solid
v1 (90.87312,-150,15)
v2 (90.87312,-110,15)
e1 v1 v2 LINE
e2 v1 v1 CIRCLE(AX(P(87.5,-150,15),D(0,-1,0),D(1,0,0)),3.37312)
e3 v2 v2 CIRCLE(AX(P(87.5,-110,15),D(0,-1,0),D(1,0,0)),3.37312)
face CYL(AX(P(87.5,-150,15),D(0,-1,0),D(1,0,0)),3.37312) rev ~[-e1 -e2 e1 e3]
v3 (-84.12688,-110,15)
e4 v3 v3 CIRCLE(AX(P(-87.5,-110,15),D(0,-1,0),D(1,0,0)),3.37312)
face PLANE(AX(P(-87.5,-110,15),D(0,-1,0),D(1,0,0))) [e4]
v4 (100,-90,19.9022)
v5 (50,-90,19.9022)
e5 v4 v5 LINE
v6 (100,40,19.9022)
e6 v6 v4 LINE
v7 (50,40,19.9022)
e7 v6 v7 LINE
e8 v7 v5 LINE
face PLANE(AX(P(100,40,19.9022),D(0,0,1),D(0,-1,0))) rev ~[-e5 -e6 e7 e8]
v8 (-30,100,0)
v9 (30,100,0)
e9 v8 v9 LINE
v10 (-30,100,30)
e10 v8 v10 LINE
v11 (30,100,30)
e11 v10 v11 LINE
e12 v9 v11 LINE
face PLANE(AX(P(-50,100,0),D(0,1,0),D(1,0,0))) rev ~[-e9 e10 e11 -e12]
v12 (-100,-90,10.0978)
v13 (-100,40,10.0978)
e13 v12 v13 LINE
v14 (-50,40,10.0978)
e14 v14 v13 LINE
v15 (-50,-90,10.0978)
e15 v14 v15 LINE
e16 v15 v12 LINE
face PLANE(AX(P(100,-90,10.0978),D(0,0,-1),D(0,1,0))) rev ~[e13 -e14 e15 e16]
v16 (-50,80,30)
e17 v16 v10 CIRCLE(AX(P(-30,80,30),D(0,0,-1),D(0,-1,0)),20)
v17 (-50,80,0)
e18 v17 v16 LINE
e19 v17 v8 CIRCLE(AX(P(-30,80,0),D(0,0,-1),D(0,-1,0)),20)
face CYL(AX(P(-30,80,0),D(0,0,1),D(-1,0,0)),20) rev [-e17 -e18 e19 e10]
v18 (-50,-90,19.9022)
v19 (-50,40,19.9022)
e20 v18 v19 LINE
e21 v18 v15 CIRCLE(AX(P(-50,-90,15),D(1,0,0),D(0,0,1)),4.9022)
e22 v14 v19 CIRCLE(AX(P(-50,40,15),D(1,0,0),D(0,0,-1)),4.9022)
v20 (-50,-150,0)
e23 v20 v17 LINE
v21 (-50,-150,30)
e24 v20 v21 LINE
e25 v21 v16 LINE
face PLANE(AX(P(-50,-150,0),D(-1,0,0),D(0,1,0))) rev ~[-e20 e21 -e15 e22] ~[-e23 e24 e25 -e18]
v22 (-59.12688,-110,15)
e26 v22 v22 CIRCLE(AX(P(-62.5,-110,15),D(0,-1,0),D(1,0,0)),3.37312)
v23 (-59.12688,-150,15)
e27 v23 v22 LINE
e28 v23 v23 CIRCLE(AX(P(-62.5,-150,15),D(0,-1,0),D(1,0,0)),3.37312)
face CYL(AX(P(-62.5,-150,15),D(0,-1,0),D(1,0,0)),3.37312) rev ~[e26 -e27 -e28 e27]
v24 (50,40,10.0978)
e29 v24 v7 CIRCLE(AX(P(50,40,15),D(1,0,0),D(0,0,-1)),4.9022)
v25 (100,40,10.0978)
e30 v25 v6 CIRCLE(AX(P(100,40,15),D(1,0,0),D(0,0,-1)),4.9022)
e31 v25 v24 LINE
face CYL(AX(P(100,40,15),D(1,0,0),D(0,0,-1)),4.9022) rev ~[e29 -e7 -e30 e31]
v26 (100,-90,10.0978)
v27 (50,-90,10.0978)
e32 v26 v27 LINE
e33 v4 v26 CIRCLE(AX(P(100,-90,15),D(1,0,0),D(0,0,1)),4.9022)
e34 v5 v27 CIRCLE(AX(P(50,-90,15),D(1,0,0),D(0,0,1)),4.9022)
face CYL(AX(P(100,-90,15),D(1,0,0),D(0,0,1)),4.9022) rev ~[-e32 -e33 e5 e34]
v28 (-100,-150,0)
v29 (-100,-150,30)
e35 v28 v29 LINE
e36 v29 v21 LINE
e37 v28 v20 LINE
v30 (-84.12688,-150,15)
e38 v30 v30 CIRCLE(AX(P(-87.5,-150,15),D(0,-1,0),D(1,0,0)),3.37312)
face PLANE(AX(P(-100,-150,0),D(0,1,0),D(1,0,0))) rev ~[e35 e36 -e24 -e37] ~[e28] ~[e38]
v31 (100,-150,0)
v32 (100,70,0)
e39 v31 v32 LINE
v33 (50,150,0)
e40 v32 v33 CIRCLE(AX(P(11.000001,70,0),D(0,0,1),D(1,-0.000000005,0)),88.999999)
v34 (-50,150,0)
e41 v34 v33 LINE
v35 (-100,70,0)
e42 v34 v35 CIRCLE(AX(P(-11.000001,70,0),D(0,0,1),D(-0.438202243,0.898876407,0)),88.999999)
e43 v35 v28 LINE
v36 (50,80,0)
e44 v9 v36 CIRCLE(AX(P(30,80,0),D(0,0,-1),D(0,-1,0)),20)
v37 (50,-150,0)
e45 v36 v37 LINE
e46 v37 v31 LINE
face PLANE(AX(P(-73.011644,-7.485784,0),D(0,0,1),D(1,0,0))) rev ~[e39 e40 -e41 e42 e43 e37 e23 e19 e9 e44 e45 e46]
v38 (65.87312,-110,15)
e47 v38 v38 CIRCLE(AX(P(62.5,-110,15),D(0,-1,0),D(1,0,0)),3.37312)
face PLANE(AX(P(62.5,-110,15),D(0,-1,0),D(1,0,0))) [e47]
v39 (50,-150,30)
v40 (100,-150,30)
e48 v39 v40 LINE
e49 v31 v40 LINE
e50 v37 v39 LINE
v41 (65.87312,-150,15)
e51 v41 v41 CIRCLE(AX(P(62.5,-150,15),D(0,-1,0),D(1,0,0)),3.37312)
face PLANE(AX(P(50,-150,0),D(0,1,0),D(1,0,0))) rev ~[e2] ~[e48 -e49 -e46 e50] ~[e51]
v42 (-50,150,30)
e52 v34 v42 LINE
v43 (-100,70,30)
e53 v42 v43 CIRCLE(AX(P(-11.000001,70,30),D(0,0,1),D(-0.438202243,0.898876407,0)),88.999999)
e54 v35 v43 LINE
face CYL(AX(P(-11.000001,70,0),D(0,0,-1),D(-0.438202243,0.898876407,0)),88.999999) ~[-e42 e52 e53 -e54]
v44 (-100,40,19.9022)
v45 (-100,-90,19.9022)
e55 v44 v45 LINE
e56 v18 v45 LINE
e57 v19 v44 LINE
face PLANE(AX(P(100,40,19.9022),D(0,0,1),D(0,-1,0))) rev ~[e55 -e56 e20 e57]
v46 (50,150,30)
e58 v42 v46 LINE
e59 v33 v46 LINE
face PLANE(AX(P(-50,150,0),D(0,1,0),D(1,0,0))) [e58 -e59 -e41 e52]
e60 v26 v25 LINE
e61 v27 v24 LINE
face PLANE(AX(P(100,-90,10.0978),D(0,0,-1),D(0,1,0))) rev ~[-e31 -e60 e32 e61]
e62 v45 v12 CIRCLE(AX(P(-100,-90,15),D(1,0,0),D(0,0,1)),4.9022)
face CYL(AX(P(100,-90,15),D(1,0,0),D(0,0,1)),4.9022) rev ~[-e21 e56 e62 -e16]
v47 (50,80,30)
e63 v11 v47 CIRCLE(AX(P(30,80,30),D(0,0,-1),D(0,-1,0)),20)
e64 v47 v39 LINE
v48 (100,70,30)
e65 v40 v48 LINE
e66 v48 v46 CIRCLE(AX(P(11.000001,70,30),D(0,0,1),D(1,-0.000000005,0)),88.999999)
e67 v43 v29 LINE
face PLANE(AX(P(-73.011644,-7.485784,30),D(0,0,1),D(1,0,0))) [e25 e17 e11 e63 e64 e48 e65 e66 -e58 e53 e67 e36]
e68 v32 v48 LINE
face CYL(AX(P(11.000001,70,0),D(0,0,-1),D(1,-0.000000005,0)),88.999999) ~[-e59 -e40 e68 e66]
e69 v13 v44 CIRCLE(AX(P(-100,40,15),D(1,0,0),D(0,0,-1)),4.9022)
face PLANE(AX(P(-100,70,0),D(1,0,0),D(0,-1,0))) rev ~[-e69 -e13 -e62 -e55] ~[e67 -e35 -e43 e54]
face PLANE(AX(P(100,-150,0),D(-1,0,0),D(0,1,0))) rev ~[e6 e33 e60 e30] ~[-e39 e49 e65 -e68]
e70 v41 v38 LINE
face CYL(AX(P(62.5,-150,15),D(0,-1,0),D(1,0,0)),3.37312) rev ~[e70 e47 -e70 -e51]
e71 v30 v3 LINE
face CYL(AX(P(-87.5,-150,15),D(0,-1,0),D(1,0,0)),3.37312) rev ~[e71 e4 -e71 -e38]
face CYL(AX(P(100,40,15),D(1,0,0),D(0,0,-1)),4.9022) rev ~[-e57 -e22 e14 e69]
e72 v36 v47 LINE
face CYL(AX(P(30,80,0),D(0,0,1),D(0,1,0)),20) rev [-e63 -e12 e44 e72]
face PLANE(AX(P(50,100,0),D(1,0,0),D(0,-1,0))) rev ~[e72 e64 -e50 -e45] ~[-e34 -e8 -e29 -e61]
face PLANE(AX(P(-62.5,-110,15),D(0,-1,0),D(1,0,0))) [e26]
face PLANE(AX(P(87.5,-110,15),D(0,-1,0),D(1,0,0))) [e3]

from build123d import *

# Parameters (mm, degrees)
F0_W     = 100
F0_H     = 50
F1_DEPTH = 30
F2_R     = 20
F3_R     = 3.37312
F4_DEPTH = 40
F6_DEPTH = 200.001


with BuildPart() as f1:
    # F0 (on Top) → F1 (new body)
    with BuildSketch(Plane.XY):
        with BuildLine():
            Line((-50, 100), (-50, 150))
            ThreePointArc((-50, 150), (-86.471849, 117.169906), (-100, 70))
            Line((-100, 70), (-100, -150))
            Line((-100, -150), (-50, -150))
            Line((-50, -150), (-50, 100))
        make_face()
        with Locations((0, 125)):
            Rectangle(F0_W, F0_H)
        with BuildLine():
            ThreePointArc((100, 70), (86.471849, 117.169906), (50, 150))
            Line((50, 150), (50, 100))
            Line((50, 100), (50, -150))
            Line((50, -150), (100, -150))
            Line((100, -150), (100, 70))
        make_face()
    extrude(amount=F1_DEPTH)

    # F2
    f2_edges = [f1.edges().sort_by_distance(p)[0] for p in [
        (-50, 100, 15),
        (50, 100, 15),
    ]]
    fillet(f2_edges, radius=F2_R)

    # F3 (on face) → F4 (cut)
    with BuildSketch(Plane.XZ.offset(150)):
        with Locations((-87.5, 15)):
            Circle(F3_R)
        with Locations((-62.5, 15)):
            Circle(F3_R)
        with Locations((62.5, 15)):
            Circle(F3_R)
        with Locations((87.5, 15)):
            Circle(F3_R)
    extrude(amount=-F4_DEPTH, mode=Mode.SUBTRACT)

    # F5 (on face) → F6 (cut, through all)
    with BuildSketch(Plane.YZ.offset(100)):
        with BuildLine():
            Line((-90, 10.0978), (40, 10.0978))
            ThreePointArc((40, 10.0978), (44.9022, 15), (40, 19.9022))
            Line((40, 19.9022), (-90, 19.9022))
            ThreePointArc((-90, 19.9022), (-94.9022, 15), (-90, 10.0978))
        make_face()
    extrude(amount=-F6_DEPTH, mode=Mode.SUBTRACT)


solid = f1.part
